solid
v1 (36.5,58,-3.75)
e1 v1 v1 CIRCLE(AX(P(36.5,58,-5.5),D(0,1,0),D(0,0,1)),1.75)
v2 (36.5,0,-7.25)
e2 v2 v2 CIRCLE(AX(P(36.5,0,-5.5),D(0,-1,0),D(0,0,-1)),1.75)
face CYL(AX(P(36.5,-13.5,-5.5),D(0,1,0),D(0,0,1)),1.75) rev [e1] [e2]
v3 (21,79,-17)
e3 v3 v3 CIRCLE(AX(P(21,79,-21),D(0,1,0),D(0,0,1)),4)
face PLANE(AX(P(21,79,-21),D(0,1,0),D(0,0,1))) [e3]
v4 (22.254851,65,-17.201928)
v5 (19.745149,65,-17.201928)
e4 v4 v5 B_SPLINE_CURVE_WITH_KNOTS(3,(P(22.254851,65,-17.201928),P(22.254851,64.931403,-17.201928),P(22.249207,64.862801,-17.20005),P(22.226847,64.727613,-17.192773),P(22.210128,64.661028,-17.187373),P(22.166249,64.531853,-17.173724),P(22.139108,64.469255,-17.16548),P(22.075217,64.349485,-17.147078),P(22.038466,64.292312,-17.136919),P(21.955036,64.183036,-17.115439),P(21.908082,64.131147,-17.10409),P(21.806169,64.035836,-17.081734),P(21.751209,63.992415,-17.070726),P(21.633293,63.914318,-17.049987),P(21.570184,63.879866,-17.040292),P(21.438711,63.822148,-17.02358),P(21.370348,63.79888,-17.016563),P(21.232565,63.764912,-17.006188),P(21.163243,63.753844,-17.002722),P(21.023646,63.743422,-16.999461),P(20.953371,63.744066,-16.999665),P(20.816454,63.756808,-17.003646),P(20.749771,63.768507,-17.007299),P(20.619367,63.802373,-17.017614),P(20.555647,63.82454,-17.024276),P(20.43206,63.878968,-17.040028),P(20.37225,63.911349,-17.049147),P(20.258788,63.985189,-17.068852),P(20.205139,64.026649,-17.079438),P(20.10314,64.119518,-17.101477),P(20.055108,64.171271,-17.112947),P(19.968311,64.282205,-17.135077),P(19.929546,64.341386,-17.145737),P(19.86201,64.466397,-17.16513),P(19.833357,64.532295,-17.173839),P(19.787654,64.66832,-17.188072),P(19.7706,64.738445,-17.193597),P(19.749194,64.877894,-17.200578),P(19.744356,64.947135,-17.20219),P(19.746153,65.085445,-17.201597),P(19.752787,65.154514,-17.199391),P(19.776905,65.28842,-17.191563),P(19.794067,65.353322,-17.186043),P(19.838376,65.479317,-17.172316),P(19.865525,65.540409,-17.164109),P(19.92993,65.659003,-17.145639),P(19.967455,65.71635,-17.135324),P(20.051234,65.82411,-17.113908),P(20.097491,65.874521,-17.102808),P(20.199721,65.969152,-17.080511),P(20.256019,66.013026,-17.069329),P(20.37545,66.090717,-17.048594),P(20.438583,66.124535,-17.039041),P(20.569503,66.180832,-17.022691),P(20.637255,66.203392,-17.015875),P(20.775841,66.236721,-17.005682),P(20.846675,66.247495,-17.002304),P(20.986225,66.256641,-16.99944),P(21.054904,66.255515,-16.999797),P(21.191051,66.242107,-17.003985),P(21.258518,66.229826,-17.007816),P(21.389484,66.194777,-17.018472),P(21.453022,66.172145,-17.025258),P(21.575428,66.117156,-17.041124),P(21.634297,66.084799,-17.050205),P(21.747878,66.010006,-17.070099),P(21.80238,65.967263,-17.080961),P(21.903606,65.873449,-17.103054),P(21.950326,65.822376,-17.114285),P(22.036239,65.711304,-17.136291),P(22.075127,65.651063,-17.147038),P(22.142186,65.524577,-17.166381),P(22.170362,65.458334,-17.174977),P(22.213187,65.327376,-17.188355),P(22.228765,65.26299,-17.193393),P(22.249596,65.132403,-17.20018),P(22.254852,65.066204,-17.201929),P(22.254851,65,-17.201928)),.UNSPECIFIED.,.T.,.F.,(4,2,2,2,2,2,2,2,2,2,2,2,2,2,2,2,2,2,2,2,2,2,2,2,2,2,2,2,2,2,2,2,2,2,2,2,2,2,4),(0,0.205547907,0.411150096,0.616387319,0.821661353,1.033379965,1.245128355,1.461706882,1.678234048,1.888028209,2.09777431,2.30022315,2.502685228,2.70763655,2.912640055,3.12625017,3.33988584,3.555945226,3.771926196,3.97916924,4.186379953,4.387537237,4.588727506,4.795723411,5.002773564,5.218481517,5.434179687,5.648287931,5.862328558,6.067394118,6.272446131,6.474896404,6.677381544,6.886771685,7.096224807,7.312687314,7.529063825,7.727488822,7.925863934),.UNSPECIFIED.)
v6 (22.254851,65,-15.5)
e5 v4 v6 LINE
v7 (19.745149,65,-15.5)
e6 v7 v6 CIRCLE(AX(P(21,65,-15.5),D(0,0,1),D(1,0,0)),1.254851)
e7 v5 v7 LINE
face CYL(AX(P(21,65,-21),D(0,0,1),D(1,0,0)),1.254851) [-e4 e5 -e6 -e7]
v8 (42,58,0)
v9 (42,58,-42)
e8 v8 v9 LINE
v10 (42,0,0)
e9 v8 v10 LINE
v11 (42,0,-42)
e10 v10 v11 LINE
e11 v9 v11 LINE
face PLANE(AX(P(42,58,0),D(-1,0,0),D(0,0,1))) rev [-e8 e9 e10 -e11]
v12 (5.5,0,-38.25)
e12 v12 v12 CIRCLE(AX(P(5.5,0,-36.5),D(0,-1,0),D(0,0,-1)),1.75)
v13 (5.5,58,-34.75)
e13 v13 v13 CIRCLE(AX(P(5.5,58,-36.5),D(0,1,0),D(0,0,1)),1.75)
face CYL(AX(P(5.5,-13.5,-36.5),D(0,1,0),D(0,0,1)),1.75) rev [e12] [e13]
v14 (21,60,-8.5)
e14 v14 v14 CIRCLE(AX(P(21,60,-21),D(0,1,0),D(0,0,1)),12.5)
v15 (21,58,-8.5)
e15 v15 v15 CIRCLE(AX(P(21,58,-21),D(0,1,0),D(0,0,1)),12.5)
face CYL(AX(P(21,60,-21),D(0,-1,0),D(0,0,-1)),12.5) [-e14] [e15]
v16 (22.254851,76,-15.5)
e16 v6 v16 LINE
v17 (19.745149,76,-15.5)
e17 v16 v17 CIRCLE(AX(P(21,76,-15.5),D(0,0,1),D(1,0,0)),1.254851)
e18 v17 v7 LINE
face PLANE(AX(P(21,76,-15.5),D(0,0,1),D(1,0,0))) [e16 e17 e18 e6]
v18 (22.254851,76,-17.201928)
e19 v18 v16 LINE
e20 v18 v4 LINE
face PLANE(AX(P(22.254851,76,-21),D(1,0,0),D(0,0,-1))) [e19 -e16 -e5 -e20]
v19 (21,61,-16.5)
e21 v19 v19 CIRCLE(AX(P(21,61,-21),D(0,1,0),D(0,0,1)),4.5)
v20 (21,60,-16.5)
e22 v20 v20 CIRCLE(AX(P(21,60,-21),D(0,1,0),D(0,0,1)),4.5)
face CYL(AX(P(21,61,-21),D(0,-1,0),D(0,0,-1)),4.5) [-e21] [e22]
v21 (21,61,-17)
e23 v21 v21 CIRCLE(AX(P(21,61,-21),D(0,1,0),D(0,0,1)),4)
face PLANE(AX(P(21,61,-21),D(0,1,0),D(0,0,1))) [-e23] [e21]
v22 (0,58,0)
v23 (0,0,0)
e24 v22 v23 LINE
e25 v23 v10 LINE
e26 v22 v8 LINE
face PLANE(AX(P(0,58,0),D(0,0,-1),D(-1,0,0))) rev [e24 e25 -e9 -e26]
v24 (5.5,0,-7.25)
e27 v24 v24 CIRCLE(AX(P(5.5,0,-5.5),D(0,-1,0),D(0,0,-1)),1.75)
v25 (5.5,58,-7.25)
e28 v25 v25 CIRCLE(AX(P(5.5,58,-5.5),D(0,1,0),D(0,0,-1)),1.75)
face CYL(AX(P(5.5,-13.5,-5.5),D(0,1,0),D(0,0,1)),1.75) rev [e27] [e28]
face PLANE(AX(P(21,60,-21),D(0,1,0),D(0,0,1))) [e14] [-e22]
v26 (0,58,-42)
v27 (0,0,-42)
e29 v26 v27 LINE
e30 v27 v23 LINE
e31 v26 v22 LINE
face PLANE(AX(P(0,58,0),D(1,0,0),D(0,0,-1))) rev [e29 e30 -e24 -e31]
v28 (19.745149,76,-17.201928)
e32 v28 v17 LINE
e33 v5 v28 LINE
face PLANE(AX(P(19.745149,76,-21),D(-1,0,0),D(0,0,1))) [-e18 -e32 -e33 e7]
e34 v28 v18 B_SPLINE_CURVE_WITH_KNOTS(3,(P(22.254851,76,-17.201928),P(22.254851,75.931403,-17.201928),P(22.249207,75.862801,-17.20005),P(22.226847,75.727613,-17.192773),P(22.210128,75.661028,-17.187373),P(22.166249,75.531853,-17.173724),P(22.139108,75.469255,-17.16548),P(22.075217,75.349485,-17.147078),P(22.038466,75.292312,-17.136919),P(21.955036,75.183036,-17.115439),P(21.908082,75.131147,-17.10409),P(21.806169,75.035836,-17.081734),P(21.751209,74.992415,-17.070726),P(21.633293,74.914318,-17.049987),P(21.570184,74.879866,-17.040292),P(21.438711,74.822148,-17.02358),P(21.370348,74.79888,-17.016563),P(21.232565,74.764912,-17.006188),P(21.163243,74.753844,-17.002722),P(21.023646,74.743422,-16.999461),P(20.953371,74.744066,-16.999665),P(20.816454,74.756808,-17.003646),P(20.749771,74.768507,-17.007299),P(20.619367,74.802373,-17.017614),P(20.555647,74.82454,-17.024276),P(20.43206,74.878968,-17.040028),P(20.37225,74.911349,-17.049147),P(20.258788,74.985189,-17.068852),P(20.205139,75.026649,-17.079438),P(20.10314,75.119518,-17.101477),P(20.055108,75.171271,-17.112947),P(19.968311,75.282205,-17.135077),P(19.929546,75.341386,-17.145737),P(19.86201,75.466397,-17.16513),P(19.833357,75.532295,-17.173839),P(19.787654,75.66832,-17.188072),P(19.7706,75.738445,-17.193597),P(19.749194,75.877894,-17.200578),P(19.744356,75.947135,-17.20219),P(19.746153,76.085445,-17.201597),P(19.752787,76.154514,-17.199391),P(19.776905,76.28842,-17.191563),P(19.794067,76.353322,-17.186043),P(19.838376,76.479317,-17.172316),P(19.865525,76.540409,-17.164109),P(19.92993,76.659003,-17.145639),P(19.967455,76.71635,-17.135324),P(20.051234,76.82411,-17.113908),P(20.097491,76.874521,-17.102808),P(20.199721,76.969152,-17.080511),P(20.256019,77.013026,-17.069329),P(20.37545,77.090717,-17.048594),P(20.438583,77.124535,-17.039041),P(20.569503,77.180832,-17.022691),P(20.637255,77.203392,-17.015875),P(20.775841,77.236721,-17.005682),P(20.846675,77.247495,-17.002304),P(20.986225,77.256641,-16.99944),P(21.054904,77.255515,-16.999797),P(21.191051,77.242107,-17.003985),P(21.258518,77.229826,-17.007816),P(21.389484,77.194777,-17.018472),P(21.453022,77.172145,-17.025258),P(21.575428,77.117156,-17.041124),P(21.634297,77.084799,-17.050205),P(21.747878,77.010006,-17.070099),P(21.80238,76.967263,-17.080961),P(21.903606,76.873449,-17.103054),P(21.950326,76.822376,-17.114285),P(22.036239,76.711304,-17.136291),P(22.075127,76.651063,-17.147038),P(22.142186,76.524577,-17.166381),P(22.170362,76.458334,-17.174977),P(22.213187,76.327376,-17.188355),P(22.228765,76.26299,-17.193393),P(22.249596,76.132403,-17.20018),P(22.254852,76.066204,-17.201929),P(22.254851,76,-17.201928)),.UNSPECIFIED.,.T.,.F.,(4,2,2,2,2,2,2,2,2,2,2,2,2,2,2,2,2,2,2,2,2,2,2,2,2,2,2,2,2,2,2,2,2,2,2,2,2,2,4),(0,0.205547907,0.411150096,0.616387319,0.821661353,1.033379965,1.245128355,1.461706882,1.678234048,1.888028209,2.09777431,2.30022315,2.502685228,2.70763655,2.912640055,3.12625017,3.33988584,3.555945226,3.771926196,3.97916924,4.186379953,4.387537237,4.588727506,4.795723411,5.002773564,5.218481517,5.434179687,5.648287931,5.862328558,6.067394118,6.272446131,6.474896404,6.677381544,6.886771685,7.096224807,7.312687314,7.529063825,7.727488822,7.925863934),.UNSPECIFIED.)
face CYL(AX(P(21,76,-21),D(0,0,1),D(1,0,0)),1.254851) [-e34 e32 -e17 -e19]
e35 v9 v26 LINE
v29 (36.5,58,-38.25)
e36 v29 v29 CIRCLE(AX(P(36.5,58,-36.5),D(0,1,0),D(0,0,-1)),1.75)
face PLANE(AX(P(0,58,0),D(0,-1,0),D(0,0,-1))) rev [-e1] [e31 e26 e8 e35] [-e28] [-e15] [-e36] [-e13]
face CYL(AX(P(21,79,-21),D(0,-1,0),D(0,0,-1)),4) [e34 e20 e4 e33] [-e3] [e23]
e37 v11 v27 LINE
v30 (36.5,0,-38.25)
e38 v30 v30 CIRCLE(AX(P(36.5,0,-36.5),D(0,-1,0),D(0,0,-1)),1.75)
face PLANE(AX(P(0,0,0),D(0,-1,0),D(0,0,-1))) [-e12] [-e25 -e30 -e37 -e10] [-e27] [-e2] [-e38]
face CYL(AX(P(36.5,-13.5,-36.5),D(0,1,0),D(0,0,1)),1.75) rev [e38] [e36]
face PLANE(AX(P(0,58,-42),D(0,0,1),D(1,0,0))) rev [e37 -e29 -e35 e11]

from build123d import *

# Parameters (mm, degrees)
SKETCH_2_W           = 42
SKETCH_2_H           = 42
EXTRUDE_1_DEPTH      = 58
SKETCH_3_R           = 12.5
EXTRUDE_2_DEPTH      = 2
SKETCH_4_R           = 4.5
EXTRUDE_3_DEPTH      = 1
SKETCH_5_R           = 4
EXTRUDE_4_DEPTH      = 18
EXTRUDE_5_DEPTH      = 1.5
EXTRUDE_5_DEPTH_BACK = 4
SKETCH_7_R           = 1.75
CUT_EXTRUDE_1_DEPTH  = 71.5


with BuildPart() as part:
    # 草图2 → 凸台-拉伸1 (new body)
    with BuildSketch(Plane(origin=(0, 0, 0), x_dir=(1, 0, 0), z_dir=(0, 1, 0))):
        with Locations((21, 21)):
            Rectangle(SKETCH_2_W, SKETCH_2_H)
    extrude(amount=EXTRUDE_1_DEPTH)

    # 草图3 → 凸台-拉伸2 (add)
    with BuildSketch(Plane(origin=(0, 58, 0), x_dir=(1, 0, 0), z_dir=(0, 1, 0))):
        with Locations(Location((21, 21, 0), (0, 0, 270))):
            Circle(SKETCH_3_R)
    extrude(amount=EXTRUDE_2_DEPTH)

    # 草图4 → 凸台-拉伸3 (add)
    with BuildSketch(Plane(origin=(0, 60, 0), x_dir=(1, 0, 0), z_dir=(0, 1, 0))):
        with Locations(Location((21, 21, 0), (0, 0, 270))):
            Circle(SKETCH_4_R)
    extrude(amount=EXTRUDE_3_DEPTH)

    # 草图5 → 凸台-拉伸4 (add)
    with BuildSketch(Plane(origin=(0, 61, 0), x_dir=(1, 0, 0), z_dir=(0, 1, 0))):
        with Locations(Location((21, 21, 0), (0, 0, 270))):
            Circle(SKETCH_5_R)
    extrude(amount=EXTRUDE_4_DEPTH)

    # 草图6 → 凸台-拉伸5 (add, two sides: drawn at the far end of the back side and taken through both)
    with BuildSketch(Plane.XY.offset(-17).offset(-EXTRUDE_5_DEPTH_BACK)):
        with BuildLine():
            Line((22.254851431, 76), (22.254851431, 65))
            ThreePointArc((22.254851431, 65), (21, 63.745148569), (19.745148569, 65))
            Line((19.745148569, 65), (19.745148569, 76))
            ThreePointArc((19.745148569, 76), (21, 77.254851431), (22.254851431, 76))
        make_face()
    extrude(amount=EXTRUDE_5_DEPTH + EXTRUDE_5_DEPTH_BACK)

    # 草图7 → 切除-拉伸1 (cut)
    with BuildSketch(Plane(origin=(0, 58, 0), x_dir=(1, 0, 0), z_dir=(0, 1, 0))):
        with Locations(Location((5.5, 36.5, 0), (0, 0, 270))):
            Circle(SKETCH_7_R)
        with Locations(Location((36.5, 36.5, 0), (0, 0, 90))):
            Circle(SKETCH_7_R)
        with Locations(Location((36.5, 5.5, 0), (0, 0, 270))):
            Circle(SKETCH_7_R)
        with Locations(Location((5.5, 5.5, 0), (0, 0, 90))):
            Circle(SKETCH_7_R)
    extrude(amount=-CUT_EXTRUDE_1_DEPTH, mode=Mode.SUBTRACT)


solid = part.part
